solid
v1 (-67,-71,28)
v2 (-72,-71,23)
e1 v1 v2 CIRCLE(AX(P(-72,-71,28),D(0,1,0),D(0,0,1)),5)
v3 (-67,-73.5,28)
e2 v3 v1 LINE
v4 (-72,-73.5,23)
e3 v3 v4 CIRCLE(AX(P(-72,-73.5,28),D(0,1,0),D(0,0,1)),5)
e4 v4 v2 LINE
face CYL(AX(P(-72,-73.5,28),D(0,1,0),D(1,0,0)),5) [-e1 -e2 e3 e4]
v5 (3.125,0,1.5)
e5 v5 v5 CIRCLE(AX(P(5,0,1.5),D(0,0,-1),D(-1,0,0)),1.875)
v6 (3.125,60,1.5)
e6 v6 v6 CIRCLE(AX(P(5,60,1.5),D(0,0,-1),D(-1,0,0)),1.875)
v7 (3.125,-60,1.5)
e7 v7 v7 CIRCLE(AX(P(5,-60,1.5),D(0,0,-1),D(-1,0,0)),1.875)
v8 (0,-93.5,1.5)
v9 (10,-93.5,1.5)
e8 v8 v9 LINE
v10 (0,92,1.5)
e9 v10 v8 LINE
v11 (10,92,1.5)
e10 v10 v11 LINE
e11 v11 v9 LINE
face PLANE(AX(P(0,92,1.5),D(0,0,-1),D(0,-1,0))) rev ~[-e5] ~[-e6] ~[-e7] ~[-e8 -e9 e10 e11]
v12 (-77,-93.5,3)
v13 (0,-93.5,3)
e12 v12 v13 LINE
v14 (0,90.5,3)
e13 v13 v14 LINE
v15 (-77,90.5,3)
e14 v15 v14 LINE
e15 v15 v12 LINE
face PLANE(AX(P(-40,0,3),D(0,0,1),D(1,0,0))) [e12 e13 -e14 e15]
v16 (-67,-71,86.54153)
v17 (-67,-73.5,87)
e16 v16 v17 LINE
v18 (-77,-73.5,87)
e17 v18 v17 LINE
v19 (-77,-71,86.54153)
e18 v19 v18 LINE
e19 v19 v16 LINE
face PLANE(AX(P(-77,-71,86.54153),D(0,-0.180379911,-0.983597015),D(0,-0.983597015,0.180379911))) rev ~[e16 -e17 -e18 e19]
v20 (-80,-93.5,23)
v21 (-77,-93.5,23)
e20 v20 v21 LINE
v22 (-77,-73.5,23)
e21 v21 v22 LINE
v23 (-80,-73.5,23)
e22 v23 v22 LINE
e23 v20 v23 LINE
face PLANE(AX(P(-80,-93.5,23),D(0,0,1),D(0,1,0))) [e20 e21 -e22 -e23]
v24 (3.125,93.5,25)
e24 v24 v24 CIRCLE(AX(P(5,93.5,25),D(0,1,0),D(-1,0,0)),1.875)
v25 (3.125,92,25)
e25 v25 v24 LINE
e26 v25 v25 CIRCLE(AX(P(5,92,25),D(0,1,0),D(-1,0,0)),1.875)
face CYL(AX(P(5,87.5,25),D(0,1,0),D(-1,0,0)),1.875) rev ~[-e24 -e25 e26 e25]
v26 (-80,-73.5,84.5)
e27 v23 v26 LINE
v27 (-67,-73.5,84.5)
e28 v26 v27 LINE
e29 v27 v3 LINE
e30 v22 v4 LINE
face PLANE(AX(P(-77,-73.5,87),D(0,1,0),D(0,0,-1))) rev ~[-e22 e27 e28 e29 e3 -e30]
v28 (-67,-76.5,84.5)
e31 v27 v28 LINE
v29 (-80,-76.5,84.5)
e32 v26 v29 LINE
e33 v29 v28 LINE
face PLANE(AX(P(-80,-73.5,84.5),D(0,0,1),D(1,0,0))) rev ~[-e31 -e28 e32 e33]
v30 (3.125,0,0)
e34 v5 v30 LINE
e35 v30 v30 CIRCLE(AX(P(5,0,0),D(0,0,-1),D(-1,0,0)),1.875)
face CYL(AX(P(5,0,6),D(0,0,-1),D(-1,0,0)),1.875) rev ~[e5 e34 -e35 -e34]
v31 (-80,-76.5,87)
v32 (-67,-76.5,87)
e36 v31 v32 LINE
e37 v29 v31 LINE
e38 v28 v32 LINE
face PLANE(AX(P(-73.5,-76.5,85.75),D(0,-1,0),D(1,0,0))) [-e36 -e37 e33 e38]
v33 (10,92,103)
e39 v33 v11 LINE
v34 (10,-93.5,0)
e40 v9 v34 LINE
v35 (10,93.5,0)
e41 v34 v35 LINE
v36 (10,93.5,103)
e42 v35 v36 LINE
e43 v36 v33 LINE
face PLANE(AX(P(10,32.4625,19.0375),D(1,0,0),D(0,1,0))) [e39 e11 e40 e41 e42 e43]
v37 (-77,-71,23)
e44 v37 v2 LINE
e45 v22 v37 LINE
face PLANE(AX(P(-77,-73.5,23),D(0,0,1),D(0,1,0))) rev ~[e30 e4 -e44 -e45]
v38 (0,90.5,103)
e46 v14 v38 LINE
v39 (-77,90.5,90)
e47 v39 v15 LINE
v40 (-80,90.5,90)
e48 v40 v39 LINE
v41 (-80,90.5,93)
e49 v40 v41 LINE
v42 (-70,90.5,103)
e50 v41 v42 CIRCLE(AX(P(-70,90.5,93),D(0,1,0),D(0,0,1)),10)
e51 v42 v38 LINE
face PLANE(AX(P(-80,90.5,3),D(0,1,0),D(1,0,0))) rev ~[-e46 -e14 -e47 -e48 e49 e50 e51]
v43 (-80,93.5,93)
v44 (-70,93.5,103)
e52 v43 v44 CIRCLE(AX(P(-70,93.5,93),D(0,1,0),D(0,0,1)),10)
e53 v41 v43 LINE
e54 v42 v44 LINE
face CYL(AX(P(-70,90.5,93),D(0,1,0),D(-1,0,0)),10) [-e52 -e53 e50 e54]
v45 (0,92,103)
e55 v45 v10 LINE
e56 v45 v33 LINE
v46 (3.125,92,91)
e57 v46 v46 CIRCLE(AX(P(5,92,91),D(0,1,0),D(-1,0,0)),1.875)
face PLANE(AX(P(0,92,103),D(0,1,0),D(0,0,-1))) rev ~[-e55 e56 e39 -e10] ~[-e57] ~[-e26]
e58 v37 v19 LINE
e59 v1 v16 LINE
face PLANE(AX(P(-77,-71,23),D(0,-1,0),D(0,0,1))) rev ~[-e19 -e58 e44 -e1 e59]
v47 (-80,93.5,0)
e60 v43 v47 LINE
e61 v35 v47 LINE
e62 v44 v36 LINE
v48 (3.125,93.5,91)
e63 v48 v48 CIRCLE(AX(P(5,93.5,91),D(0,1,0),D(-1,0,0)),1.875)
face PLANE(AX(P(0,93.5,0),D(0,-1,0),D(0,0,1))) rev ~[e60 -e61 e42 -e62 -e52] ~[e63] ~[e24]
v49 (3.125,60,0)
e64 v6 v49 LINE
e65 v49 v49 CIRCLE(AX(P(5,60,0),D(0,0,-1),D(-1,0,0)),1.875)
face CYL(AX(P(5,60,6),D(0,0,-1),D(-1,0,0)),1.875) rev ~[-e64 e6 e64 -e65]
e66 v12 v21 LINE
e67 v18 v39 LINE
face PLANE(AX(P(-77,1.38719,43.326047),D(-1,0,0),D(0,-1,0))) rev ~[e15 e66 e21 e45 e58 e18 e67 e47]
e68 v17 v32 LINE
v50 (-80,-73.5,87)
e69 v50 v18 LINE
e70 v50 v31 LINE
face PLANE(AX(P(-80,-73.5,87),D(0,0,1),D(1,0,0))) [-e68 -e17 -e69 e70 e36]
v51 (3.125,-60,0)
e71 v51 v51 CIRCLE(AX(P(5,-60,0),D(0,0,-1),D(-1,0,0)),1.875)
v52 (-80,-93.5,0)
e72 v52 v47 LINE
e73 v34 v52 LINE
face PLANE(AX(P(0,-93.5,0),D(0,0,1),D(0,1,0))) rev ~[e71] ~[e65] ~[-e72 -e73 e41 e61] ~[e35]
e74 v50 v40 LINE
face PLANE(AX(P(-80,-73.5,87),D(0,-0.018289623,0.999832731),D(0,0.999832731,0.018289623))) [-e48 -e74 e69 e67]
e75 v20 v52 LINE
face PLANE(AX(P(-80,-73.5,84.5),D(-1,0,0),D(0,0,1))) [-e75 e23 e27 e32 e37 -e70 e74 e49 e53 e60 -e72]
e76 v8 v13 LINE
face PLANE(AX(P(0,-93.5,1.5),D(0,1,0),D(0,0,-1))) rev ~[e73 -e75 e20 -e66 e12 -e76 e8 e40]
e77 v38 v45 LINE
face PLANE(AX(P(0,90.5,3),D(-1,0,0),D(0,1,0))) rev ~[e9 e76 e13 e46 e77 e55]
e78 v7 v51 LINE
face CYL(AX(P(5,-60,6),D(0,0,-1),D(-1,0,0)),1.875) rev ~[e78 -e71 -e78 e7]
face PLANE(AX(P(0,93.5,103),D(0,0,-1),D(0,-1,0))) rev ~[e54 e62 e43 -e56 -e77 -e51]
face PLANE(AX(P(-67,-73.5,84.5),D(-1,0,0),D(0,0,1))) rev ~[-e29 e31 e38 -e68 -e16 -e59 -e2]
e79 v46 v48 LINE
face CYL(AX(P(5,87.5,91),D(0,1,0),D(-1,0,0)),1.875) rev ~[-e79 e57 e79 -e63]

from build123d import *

# Parameters (mm, degrees)
F0_W             = 80
F0_H             = 187
F1_DEPTH         = 3
F2_W             = 80
F2_H             = 3
F3_DEPTH         = 100
F5_DEPTH         = 3
F7_DEPTH         = 10
F8_W             = 13
F8_H             = 2.5
F9_DEPTH         = 3
F10_R            = 10
F11_R            = 5
F13_DEPTH        = 10
F16_D            = 3.75
F16_DEPTH        = 4.5
F16_TIP          = 1.1266136607
F16_ON_F15_D     = 3.75
F16_ON_F15_DEPTH = 4.5
F16_ON_F15_TIP   = 1.1266136607


with BuildPart() as f1:
    # F0 (on Top) → F1 (new body)
    with BuildSketch(Plane.XY):
        with Locations((-40, 0)):
            Rectangle(F0_W, F0_H)
    extrude(amount=F1_DEPTH)

    # F2 (on face) → F3 (join)
    with BuildSketch(Plane.XY.offset(3)):
        with Locations((-40, 92)):
            Rectangle(F2_W, F2_H)
    extrude(amount=F3_DEPTH)

    # F4 (on face) → F5 (join)
    with BuildSketch(Plane(origin=(-80, 0, 0), x_dir=(0, -1, 0), z_dir=(-1, 0, 0))):
        Polygon((-90.5, 90), (-90.5, 3), (93.5, 3), (93.5, 23), (73.5, 23), (73.5, 87), align=None)
    extrude(amount=-F5_DEPTH)

    # F6 (on face) → F7 (join)
    with BuildSketch(Plane.YZ.offset(-77)):
        Polygon((-71, 86.5415299445), (-73.5, 87), (-73.5, 23), (-71, 23), align=None)
    extrude(amount=F7_DEPTH)

    # F8 (on face) → F9 (join)
    with BuildSketch(Plane.XZ.offset(73.5)):
        with Locations((-73.5, 85.75)):
            Rectangle(F8_W, F8_H)
    extrude(amount=F9_DEPTH)

    # F10
    f10_edges = [f1.edges().sort_by_distance(p)[0] for p in [
        (-80, 92, 103),
    ]]
    fillet(f10_edges, radius=F10_R)

    # F11
    f11_edges = [f1.edges().sort_by_distance(p)[0] for p in [
        (-67, -72.25, 23),
    ]]
    fillet(f11_edges, radius=F11_R)

    # F12 (on face) → F13 (join)
    with BuildSketch(Plane.YZ):
        Polygon((93.5, 0), (93.5, 103), (92, 103), (92, 1.5), (-93.5, 1.5), (-93.5, 0), align=None)
    extrude(amount=F13_DEPTH)

    # F16
    with Locations(Plane.XY.offset(1.5)):
        with Locations((5, -60), (5, 0), (5, 60)):
            Hole(F16_D / 2, depth=F16_DEPTH)
            with Locations((0, 0, -(F16_DEPTH + F16_TIP / 2))):  # 118° drill point
                Cone(0, F16_D / 2, F16_TIP, mode=Mode.SUBTRACT)

    # F16 on F15
    with Locations(Plane.XZ.offset(-92)):
        with Locations((5, 25), (5, 91)):
            Hole(F16_ON_F15_D / 2, depth=F16_ON_F15_DEPTH)
            with Locations((0, 0, -(F16_ON_F15_DEPTH + F16_ON_F15_TIP / 2))):  # 118° drill point
                Cone(0, F16_ON_F15_D / 2, F16_ON_F15_TIP, mode=Mode.SUBTRACT)


solid = f1.part
